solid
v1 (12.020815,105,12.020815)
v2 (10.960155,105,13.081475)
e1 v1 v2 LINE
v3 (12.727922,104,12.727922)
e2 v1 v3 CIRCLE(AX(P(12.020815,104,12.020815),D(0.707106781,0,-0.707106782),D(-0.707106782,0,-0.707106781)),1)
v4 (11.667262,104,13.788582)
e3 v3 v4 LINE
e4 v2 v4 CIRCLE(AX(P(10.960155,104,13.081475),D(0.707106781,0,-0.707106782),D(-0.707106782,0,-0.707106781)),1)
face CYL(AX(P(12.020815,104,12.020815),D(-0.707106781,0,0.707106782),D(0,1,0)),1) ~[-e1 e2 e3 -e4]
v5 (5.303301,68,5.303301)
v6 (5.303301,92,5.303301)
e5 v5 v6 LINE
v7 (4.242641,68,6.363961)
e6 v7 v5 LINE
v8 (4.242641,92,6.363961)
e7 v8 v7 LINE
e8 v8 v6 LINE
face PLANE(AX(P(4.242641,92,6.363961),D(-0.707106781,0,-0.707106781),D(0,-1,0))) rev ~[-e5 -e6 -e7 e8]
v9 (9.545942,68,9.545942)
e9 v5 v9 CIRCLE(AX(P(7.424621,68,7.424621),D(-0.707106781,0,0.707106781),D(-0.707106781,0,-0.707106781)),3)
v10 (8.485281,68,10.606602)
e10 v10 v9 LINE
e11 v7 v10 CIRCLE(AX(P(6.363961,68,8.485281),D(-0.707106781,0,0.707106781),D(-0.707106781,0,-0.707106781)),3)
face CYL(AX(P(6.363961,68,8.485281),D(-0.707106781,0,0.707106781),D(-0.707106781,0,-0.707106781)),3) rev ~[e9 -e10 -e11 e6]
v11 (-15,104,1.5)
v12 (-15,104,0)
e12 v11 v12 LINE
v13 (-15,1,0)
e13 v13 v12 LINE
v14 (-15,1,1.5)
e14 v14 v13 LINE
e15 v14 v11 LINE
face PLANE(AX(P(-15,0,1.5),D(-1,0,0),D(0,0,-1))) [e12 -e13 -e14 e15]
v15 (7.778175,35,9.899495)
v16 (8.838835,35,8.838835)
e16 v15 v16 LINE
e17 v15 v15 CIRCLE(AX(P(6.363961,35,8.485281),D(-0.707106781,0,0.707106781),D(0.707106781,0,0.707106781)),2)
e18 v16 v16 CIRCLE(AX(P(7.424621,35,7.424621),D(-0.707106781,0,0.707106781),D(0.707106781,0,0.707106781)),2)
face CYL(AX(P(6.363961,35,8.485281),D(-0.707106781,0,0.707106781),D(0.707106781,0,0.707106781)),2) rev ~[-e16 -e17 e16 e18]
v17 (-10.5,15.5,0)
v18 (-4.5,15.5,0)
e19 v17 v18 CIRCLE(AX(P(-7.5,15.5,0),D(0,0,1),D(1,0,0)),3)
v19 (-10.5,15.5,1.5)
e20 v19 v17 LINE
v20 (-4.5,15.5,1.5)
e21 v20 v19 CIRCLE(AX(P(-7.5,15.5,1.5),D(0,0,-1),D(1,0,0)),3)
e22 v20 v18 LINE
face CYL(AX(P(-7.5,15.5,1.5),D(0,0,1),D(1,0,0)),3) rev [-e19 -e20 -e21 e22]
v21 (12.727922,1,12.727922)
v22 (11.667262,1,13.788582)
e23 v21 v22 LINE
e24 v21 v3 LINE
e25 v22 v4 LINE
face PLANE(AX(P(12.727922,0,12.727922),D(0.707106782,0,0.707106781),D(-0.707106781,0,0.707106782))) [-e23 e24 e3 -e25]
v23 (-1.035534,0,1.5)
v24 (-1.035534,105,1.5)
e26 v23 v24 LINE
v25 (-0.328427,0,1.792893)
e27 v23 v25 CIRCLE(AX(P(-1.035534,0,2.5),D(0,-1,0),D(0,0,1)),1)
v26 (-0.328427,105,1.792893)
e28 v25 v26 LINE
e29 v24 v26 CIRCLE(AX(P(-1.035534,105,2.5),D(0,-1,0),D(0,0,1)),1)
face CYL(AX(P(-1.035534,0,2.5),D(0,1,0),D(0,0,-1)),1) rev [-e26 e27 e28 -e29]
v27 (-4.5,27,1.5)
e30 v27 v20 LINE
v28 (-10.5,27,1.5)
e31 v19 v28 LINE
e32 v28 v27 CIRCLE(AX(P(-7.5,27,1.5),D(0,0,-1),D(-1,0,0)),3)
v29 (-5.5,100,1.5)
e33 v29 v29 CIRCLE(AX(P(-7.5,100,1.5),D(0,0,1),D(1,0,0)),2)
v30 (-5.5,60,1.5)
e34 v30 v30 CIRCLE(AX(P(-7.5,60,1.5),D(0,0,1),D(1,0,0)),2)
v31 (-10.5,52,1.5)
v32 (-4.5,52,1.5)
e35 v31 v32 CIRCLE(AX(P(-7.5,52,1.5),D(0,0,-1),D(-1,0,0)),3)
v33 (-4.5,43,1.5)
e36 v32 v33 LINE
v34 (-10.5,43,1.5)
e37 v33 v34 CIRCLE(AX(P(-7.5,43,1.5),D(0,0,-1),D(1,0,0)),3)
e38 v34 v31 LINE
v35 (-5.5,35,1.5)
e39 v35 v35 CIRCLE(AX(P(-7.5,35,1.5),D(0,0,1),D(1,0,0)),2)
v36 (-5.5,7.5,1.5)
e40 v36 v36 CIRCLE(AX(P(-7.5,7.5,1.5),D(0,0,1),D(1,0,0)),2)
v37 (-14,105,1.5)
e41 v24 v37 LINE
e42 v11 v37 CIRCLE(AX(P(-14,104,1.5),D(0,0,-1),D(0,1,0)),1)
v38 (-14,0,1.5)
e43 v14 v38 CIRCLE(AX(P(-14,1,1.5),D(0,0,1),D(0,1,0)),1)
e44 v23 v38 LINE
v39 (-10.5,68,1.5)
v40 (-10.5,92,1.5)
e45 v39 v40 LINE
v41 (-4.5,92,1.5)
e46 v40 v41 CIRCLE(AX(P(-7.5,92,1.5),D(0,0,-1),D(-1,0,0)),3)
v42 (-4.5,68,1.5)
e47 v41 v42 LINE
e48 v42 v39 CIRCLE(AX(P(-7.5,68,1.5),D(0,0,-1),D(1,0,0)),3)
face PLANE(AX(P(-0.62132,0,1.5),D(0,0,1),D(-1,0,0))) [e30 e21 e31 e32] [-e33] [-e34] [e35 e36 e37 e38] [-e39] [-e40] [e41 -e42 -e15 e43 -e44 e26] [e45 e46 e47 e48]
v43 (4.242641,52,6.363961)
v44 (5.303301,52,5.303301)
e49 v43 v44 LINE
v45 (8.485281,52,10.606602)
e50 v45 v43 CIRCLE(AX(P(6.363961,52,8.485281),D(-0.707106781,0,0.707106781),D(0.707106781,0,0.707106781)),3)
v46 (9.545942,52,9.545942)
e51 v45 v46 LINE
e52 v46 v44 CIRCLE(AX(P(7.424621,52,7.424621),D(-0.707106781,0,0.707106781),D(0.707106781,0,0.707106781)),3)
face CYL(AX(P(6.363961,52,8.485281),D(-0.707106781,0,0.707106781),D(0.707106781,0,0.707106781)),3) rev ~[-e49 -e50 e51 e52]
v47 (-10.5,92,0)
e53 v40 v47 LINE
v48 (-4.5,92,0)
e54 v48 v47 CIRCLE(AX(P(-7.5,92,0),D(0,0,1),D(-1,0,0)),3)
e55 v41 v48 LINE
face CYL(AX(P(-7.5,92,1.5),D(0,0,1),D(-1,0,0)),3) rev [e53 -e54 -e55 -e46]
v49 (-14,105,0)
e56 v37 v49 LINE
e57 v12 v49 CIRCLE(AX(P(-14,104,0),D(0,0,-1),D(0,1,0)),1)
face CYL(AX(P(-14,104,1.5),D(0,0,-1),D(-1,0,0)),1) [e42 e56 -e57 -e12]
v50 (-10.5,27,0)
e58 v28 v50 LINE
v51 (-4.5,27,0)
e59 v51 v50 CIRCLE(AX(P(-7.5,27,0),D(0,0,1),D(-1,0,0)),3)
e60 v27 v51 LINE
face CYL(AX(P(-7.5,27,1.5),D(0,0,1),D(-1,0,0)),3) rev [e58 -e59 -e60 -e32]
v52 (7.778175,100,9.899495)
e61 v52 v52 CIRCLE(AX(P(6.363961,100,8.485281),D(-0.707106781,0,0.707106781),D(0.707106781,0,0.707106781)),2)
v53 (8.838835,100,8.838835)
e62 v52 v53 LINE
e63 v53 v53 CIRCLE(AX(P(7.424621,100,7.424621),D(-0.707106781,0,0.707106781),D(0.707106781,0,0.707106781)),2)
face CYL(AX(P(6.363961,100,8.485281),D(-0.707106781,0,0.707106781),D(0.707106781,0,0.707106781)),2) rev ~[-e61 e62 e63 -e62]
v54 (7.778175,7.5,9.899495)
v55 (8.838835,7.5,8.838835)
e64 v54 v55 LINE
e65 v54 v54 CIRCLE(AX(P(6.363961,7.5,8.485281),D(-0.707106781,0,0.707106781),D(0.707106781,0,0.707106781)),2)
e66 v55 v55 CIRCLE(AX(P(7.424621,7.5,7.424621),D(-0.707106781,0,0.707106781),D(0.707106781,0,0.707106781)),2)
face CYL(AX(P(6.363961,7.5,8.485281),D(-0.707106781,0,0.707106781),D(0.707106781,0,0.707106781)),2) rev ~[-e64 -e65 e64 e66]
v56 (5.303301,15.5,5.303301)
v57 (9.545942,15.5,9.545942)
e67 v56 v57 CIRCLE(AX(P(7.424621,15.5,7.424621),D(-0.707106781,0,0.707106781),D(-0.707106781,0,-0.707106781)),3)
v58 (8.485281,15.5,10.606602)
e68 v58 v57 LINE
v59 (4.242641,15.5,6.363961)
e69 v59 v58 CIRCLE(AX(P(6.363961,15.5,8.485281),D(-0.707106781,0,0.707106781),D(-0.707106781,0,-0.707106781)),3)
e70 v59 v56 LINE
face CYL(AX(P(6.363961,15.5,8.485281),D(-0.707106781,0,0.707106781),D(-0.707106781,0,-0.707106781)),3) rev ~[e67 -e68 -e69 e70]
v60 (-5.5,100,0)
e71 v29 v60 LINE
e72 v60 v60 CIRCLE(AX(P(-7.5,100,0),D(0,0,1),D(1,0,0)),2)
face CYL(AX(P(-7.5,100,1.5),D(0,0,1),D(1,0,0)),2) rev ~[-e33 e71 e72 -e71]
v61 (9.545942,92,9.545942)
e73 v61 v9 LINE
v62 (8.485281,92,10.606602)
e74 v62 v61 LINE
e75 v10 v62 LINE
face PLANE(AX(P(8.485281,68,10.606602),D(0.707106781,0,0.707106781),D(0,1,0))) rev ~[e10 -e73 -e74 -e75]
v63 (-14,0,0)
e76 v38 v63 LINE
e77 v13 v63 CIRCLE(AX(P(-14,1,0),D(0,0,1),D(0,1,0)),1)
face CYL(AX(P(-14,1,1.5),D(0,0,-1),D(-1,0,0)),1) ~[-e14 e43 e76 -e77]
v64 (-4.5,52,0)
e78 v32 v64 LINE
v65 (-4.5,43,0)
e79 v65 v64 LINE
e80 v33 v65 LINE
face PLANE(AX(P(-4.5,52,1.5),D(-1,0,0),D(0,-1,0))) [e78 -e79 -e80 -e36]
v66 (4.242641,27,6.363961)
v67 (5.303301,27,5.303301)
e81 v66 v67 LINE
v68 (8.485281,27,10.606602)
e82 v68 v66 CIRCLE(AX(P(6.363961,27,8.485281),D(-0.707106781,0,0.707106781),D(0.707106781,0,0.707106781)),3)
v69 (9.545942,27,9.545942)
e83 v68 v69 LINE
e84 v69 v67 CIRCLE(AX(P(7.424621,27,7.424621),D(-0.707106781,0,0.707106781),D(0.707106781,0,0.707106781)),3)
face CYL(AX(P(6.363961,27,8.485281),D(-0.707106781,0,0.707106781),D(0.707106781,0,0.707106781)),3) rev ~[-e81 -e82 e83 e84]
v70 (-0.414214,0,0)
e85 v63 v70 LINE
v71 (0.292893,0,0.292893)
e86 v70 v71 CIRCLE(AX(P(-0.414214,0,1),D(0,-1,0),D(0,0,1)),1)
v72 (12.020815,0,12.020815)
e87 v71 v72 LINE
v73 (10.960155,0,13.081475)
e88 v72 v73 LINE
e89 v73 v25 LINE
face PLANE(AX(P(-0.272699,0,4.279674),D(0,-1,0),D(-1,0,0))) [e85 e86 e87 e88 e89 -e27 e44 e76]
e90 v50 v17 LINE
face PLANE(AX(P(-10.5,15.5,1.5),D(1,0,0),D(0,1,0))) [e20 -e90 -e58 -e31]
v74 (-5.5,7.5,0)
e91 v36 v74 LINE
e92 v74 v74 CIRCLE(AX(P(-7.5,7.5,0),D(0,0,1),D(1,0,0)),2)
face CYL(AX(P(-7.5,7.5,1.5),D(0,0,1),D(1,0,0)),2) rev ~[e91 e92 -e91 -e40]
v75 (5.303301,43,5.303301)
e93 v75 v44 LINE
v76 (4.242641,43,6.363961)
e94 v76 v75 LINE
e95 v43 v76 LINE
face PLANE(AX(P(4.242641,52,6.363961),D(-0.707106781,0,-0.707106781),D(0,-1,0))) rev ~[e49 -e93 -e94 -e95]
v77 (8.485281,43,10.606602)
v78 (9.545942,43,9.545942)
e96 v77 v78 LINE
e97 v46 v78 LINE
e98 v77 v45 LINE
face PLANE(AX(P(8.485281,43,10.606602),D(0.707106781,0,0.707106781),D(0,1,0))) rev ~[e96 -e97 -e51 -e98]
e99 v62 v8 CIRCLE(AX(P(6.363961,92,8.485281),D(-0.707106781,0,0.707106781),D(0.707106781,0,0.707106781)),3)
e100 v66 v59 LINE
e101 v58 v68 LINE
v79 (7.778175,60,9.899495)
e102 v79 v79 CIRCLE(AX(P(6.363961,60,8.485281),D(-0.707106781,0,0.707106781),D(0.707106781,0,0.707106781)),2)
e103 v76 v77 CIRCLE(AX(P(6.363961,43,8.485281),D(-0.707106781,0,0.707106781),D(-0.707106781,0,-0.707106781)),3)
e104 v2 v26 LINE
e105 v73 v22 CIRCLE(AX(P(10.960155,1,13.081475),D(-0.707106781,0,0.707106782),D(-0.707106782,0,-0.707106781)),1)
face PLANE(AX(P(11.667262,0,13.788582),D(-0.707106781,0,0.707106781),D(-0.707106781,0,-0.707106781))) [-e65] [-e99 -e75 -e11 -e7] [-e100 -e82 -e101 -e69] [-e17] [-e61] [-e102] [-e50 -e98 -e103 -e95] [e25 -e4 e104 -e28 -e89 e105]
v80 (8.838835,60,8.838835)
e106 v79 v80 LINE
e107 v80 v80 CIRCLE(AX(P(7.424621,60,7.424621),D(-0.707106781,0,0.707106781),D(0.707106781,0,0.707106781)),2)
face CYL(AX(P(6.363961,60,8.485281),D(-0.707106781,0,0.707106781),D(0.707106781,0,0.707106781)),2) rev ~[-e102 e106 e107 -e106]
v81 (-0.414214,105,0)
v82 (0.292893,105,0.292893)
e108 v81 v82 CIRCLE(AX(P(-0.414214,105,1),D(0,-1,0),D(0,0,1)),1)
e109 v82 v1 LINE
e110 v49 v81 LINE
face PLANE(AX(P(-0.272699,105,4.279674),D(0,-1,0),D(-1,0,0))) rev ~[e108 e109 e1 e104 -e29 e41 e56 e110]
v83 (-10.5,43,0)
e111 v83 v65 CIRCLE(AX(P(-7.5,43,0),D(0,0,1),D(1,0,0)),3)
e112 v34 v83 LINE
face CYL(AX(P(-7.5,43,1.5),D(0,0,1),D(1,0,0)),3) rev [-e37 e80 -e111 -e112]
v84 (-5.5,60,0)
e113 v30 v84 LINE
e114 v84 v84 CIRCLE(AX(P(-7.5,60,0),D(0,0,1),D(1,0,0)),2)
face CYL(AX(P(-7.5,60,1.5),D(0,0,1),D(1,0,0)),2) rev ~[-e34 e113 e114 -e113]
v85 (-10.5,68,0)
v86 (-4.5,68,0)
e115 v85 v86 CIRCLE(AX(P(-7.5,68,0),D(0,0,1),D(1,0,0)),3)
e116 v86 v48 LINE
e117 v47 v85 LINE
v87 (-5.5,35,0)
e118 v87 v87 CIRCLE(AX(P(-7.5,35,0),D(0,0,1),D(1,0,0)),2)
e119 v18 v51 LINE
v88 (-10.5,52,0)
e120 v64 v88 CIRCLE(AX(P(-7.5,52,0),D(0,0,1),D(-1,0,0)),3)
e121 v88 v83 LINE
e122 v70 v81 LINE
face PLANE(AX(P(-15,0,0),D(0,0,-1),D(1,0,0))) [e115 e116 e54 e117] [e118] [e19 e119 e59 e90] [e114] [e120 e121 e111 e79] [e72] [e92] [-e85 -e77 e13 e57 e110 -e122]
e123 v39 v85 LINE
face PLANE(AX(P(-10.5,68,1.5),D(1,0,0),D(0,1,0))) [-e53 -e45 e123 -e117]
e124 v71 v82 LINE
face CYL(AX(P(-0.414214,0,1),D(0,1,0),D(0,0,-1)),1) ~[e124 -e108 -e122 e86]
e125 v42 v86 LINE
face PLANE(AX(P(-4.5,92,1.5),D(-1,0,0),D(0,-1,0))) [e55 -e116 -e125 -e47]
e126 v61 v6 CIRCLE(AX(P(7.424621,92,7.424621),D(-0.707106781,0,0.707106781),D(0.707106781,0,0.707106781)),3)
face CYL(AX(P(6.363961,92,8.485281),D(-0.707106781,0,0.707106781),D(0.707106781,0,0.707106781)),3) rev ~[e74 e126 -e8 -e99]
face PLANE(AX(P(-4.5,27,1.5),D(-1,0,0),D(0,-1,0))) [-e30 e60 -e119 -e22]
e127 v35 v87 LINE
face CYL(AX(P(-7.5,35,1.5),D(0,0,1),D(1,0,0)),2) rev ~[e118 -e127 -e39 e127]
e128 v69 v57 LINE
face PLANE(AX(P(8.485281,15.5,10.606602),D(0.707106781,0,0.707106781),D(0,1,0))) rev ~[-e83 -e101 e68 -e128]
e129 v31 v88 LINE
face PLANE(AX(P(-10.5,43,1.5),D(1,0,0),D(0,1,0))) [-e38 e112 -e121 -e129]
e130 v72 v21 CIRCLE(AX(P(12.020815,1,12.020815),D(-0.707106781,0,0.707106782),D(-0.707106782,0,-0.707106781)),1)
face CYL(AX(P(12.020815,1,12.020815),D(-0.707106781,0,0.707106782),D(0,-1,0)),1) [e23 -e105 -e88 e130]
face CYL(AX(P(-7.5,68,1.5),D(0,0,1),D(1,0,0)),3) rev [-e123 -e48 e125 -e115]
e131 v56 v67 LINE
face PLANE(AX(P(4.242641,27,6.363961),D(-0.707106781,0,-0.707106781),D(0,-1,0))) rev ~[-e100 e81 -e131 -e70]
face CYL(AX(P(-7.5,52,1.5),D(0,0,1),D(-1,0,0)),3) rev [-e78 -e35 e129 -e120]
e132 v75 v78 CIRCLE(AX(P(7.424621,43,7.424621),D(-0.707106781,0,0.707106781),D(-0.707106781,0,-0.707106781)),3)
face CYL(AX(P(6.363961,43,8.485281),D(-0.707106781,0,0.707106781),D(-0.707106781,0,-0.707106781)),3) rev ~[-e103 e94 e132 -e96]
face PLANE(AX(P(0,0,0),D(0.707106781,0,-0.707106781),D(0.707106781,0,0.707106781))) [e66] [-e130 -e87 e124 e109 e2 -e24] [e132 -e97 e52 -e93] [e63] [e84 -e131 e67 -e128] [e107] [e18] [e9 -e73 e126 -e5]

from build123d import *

# Parameters (mm, degrees)
EXTRUDE_1_DEPTH     = 105
SKETCH_2_R          = 2
CUT_EXTRUDE_1_DEPTH = 107.775508677
SKETCH_3_R          = 2
CUT_EXTRUDE_2_DEPTH = 110.207453302
FILLET_1_R          = 1


with BuildPart() as part:
    # 草图1 → 拉伸-薄壁1 (new body)
    with BuildSketch(Plane(origin=(0, 0, 0), x_dir=(1, 0, 0), z_dir=(0, 1, 0))):
        Polygon((-15, 0), (0, 0), (12.727922061, -12.727922061), (11.66726189, -13.788582233), (-0.621320344, -1.5), (-15, -1.5), align=None)
    extrude(amount=EXTRUDE_1_DEPTH)

    # 草图2 → 切除-拉伸1 (cut, through all)
    with BuildSketch(Plane.XY.offset(1.5)):
        with Locations((-7.5, 100)):
            Circle(SKETCH_2_R)
        with Locations((-7.5, 60)):
            Circle(SKETCH_2_R)
        with Locations((-7.5, 35)):
            Circle(SKETCH_2_R)
        with Locations((-7.5, 7.5)):
            Circle(SKETCH_2_R)
        with BuildLine():
            Line((-4.5, 92), (-4.5, 68))
            ThreePointArc((-4.5, 68), (-7.5, 65), (-10.5, 68))
            Line((-10.5, 68), (-10.5, 92))
            ThreePointArc((-10.5, 92), (-7.5, 95), (-4.5, 92))
        make_face()
        with BuildLine():
            Line((-4.5, 52), (-4.5, 43))
            ThreePointArc((-4.5, 43), (-7.5, 40), (-10.5, 43))
            Line((-10.5, 43), (-10.5, 52))
            ThreePointArc((-10.5, 52), (-7.5, 55), (-4.5, 52))
        make_face()
        with BuildLine():
            Line((-4.5, 27), (-4.5, 15.5))
            ThreePointArc((-4.5, 15.5), (-7.5, 12.5), (-10.5, 15.5))
            Line((-10.5, 15.5), (-10.5, 27))
            ThreePointArc((-10.5, 27), (-7.5, 30), (-4.5, 27))
        make_face()
    extrude(amount=-CUT_EXTRUDE_1_DEPTH, mode=Mode.SUBTRACT)

    # 草图3 → 切除-拉伸2 (cut, through all)
    with BuildSketch(Plane(origin=(11.66726189, 0, 13.788582233), x_dir=(0.7071067811865562, 0, 0.7071067811865389), z_dir=(-0.7071067811865389, 0, 0.7071067811865562))):
        with BuildLine():
            Line((-4.5, 68), (-4.5, 92))
            ThreePointArc((-4.5, 92), (-7.5, 95), (-10.5, 92))
            Line((-10.5, 92), (-10.5, 68))
            ThreePointArc((-10.5, 68), (-7.5, 65), (-4.5, 68))
        make_face()
        with BuildLine():
            Line((-4.5, 43), (-4.5, 52))
            ThreePointArc((-4.5, 52), (-7.5, 55), (-10.5, 52))
            Line((-10.5, 52), (-10.5, 43))
            ThreePointArc((-10.5, 43), (-7.5, 40), (-4.5, 43))
        make_face()
        with BuildLine():
            Line((-4.5, 15.5), (-4.5, 27))
            ThreePointArc((-4.5, 27), (-7.5, 30), (-10.5, 27))
            Line((-10.5, 27), (-10.5, 15.5))
            ThreePointArc((-10.5, 15.5), (-7.5, 12.5), (-4.5, 15.5))
        make_face()
        with Locations((-7.5, 100)):
            Circle(SKETCH_3_R)
        with Locations((-7.5, 60)):
            Circle(SKETCH_3_R)
        with Locations((-7.5, 35)):
            Circle(SKETCH_3_R)
        with Locations((-7.5, 7.5)):
            Circle(SKETCH_3_R)
    extrude(amount=-CUT_EXTRUDE_2_DEPTH, mode=Mode.SUBTRACT)

    # 圆角1
    fillet_1_edges = [part.edges().sort_by_distance(p)[0] for p in [
        (-15, 105, 0.75),
        (-15, 0, 0.75),
        (12.197591975, 0, 13.258252147),
        (12.197591975, 105, 13.258252147),
        (-0.621320344, 52.5, 1.5),
        (0, 52.5, 0),
    ]]
    fillet(fillet_1_edges, radius=FILLET_1_R)


solid = part.part
